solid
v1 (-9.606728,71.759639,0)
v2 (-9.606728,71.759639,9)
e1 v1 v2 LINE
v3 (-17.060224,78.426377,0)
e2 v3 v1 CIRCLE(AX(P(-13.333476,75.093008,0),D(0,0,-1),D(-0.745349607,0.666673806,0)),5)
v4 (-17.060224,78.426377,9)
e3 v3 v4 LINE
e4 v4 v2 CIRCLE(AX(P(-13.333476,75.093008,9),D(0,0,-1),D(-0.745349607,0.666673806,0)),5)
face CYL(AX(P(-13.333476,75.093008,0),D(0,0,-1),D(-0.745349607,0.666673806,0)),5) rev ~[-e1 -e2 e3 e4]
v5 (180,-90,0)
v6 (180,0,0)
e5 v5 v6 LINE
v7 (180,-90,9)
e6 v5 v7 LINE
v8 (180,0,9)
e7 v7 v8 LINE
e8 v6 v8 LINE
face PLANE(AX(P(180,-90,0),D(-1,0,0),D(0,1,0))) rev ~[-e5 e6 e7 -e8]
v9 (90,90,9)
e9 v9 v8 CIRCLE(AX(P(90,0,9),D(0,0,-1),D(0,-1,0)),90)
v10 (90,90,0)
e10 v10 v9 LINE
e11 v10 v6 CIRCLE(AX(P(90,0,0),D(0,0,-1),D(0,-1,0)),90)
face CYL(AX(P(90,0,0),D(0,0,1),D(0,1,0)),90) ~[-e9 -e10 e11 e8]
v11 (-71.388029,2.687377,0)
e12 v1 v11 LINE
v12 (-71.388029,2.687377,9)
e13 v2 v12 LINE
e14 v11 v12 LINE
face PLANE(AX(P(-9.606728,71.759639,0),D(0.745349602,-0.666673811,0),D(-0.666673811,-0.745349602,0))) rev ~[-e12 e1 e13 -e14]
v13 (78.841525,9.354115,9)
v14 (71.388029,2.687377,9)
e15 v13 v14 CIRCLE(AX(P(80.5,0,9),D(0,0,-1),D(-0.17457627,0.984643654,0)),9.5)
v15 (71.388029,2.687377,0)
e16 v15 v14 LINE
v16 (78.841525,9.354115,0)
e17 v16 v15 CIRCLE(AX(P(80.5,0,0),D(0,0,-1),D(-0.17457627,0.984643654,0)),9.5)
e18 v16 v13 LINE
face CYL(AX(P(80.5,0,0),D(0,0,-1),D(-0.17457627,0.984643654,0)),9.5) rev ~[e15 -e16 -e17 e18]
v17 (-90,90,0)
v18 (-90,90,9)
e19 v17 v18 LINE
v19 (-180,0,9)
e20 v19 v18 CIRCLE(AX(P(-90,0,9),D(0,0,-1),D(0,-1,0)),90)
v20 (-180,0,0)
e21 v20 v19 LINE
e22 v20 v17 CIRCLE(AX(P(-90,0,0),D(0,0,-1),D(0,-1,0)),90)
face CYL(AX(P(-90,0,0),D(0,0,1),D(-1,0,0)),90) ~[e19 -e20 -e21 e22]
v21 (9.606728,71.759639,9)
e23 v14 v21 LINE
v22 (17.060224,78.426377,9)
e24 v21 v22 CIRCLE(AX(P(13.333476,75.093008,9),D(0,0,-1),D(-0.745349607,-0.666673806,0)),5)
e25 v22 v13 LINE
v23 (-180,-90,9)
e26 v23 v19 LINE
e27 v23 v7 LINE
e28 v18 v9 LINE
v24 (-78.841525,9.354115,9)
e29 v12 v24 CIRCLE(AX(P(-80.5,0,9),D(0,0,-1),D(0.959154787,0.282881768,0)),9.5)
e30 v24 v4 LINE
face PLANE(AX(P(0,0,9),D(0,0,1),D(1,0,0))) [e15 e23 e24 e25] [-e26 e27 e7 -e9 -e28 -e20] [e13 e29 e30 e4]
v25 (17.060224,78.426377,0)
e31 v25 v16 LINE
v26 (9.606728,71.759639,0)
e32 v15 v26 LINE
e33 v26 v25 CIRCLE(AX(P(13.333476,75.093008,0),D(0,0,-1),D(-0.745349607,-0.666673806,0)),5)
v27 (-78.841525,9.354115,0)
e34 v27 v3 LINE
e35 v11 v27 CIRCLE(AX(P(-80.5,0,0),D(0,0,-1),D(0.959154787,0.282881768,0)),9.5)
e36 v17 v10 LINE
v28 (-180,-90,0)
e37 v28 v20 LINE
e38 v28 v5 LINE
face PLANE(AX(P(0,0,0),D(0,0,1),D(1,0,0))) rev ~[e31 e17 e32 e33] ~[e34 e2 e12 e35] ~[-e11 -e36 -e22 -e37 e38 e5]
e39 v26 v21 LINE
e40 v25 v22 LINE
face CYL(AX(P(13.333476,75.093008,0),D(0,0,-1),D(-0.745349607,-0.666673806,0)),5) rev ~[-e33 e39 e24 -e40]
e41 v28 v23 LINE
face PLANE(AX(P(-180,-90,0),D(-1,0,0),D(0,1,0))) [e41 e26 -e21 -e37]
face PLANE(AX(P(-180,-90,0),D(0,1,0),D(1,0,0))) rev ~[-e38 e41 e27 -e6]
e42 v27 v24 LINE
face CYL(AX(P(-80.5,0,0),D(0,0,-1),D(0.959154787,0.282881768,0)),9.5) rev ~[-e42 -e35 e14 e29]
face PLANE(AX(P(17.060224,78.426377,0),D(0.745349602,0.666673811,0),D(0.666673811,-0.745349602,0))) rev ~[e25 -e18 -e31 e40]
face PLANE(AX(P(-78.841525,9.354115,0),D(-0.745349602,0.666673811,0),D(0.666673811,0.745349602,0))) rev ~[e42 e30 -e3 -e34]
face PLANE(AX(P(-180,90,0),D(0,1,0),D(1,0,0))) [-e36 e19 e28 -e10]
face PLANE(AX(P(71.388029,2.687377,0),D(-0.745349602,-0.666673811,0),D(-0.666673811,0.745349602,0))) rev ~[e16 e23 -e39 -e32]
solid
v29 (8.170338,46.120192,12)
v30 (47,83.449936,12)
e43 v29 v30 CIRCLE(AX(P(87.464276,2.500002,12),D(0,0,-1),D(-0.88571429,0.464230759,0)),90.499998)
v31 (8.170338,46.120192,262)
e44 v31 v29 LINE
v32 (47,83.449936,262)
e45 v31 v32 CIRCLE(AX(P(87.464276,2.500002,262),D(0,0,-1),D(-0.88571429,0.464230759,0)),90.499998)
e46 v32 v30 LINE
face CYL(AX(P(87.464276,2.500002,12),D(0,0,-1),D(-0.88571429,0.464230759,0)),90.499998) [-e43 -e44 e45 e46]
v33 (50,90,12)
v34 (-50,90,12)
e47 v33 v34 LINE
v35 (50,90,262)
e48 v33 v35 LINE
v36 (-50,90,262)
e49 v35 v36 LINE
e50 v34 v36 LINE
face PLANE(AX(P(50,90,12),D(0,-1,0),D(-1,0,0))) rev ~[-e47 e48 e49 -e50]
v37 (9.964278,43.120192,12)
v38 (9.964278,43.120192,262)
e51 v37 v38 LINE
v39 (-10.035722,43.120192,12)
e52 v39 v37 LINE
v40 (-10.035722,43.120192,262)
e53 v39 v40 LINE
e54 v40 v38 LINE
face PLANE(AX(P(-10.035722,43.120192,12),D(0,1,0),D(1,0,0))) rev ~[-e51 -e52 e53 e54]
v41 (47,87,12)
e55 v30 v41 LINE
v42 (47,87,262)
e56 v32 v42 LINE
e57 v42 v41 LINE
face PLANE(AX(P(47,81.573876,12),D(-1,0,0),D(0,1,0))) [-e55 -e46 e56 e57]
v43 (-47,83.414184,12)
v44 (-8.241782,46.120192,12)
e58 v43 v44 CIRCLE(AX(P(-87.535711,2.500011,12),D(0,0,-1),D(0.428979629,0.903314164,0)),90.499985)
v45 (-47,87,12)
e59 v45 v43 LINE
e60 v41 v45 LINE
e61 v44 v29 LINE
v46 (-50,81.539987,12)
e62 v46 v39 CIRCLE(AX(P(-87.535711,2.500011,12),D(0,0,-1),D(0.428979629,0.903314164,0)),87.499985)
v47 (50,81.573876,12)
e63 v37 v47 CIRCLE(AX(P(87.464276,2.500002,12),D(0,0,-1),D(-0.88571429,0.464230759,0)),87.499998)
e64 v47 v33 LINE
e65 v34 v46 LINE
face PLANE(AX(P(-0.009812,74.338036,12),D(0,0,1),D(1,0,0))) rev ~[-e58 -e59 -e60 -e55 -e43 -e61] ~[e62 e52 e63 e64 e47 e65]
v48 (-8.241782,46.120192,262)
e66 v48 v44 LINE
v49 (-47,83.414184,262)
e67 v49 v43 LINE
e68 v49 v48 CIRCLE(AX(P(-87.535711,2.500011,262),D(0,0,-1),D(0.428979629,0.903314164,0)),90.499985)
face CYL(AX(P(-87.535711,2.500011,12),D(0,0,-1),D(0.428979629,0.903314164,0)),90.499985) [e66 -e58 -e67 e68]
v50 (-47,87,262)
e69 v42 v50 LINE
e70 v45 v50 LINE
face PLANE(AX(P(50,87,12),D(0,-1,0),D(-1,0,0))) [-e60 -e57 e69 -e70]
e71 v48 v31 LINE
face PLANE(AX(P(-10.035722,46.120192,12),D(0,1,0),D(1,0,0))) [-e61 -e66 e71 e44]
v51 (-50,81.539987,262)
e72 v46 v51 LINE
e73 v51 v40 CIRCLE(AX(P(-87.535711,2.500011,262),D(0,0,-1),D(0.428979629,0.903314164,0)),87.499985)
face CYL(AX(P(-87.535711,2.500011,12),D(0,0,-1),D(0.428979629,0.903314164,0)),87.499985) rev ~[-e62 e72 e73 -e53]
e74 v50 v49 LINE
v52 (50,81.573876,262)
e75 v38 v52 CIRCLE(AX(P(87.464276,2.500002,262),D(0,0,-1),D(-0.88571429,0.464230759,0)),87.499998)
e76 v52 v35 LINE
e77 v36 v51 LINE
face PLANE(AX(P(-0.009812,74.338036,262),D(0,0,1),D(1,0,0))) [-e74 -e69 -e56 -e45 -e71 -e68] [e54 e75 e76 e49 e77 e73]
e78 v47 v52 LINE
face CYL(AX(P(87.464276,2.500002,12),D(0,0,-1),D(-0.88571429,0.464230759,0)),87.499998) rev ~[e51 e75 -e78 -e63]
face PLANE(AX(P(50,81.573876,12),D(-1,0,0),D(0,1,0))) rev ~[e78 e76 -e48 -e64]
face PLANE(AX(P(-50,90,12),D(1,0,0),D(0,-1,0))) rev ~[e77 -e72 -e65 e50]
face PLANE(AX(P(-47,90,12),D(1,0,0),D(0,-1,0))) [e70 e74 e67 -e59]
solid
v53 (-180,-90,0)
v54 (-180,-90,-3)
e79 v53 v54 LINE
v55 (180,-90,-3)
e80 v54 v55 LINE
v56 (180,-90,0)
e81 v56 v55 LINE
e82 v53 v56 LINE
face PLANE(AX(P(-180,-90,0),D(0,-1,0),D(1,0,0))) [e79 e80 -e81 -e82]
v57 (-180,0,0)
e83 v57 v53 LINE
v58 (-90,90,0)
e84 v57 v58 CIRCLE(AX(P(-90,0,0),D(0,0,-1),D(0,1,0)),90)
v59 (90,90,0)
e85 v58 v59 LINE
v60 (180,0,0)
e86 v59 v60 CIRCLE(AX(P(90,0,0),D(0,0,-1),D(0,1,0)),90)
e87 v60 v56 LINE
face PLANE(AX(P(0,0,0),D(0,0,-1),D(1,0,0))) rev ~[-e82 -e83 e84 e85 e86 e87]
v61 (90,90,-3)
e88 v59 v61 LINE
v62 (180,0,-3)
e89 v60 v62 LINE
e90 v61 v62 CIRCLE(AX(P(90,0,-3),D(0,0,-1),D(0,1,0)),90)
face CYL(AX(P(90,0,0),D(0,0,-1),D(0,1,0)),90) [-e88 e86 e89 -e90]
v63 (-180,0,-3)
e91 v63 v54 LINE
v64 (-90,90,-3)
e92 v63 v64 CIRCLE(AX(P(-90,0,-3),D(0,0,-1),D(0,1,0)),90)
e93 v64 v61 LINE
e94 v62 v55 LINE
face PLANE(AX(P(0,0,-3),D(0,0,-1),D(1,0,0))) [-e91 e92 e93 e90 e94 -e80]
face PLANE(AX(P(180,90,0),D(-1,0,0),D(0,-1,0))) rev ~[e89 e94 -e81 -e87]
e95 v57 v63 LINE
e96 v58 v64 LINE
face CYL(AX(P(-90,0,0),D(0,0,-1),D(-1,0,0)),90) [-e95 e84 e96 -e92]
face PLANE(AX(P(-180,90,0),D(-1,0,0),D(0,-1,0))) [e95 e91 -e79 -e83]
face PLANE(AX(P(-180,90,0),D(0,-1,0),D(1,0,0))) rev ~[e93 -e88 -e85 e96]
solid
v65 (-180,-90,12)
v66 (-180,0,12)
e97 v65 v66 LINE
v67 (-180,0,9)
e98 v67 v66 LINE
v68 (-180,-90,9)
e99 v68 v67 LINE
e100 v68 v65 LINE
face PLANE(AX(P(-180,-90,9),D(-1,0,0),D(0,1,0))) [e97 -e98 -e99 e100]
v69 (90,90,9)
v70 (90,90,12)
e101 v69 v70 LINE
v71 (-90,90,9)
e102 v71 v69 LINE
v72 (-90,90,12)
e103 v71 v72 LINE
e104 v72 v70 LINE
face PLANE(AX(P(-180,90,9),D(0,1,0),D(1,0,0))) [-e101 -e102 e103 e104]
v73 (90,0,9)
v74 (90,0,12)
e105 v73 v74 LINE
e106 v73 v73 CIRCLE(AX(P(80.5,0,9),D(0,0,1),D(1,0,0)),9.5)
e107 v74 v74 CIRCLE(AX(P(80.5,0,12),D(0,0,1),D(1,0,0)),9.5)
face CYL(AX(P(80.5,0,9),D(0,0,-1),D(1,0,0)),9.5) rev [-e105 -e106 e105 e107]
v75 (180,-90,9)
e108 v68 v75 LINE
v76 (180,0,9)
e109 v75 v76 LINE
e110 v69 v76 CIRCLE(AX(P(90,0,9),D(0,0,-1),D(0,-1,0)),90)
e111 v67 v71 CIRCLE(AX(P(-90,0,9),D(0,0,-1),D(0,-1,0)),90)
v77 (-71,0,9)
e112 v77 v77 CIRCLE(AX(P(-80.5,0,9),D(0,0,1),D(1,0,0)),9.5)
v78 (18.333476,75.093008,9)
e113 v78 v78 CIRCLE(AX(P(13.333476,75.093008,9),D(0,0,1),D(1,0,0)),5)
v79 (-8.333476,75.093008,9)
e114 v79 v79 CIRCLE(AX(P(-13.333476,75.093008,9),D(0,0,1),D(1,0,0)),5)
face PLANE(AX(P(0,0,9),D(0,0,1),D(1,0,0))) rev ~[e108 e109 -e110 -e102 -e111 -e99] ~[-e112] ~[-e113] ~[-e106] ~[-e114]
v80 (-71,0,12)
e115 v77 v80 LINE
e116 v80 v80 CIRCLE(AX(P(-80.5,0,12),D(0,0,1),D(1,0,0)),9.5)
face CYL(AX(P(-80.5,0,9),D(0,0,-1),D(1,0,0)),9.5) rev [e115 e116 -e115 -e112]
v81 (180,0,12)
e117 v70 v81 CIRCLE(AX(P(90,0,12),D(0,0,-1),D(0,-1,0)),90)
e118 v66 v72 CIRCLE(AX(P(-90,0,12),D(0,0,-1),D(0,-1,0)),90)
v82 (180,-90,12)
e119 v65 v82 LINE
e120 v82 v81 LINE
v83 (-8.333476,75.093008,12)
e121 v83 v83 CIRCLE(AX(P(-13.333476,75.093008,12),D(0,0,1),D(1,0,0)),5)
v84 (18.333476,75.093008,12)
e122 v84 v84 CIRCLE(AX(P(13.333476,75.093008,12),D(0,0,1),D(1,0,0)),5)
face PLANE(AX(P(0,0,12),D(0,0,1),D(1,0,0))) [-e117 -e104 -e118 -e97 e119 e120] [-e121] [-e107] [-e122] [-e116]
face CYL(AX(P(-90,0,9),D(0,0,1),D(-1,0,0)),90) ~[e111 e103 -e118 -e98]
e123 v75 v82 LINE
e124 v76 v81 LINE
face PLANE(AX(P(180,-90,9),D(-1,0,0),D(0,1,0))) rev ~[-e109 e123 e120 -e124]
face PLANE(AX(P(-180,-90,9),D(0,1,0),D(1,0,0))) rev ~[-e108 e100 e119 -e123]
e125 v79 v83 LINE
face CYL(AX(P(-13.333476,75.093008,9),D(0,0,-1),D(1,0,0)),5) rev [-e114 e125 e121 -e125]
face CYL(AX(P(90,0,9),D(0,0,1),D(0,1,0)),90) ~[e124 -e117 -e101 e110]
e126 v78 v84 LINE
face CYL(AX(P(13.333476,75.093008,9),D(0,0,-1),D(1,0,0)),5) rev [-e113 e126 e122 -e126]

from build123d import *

# Parameters (mm, degrees)
F0_W     = 360
F0_H     = 180
F1_DEPTH = 9
F2_W     = 360
F2_H     = 180
F2_R     = 9.5
F2_R_2   = 5
F3_DEPTH = 3
F4_W     = 360
F4_H     = 180
F5_DEPTH = 3
F7_DEPTH = 250
F8_R     = 90
F8_2_R   = 90
F8_3_R   = 90
F9_T     = -3


with BuildPart() as f1:
    # F0 (on Top) → F1 (new body)
    with BuildSketch(Plane.XY):
        Rectangle(F0_W, F0_H)
        with BuildLine():
            ThreePointArc((-71.388029, 2.687377), (-86.833401, -7.080821), (-78.841525, 9.354115))
            Line((-78.841525, 9.354115), (-17.060224, 78.426377))
            ThreePointArc((-17.060224, 78.426377), (-10.000107, 78.819756), (-9.606728, 71.759639))
            Line((-9.606728, 71.759639), (-71.388029, 2.687377))
        make_face(mode=Mode.SUBTRACT)
        with BuildLine():
            Line((71.388029, 2.687377), (9.606728, 71.759639))
            ThreePointArc((9.606728, 71.759639), (10.000107, 78.819756), (17.060224, 78.426377))
            Line((17.060224, 78.426377), (78.841525, 9.354115))
            ThreePointArc((78.841525, 9.354115), (86.833401, -7.080821), (71.388029, 2.687377))
        make_face(mode=Mode.SUBTRACT)
    extrude(amount=F1_DEPTH)

    # F8
    f8_edges = [f1.edges().sort_by_distance(p)[0] for p in [
        (-180, 90, 4.5),
        (180, 90, 4.5),
    ]]
    fillet(f8_edges, radius=F8_R)


with BuildPart() as f3:
    # F2 (on face) → F3 (new body)
    with BuildSketch(Plane.XY.offset(9)):
        Rectangle(F2_W, F2_H)
        with Locations((-80.5, 0)):
            Circle(F2_R, mode=Mode.SUBTRACT)
        with Locations((-13.333476, 75.093008)):
            Circle(F2_R_2, mode=Mode.SUBTRACT)
        with Locations((80.5, 0)):
            Circle(F2_R, mode=Mode.SUBTRACT)
        with Locations((13.333476, 75.093008)):
            Circle(F2_R_2, mode=Mode.SUBTRACT)
    extrude(amount=F3_DEPTH)

    # F8#2
    f8_2_edges = [f3.edges().sort_by_distance(p)[0] for p in [
        (180, 90, 10.5),
        (-180, 90, 10.5),
    ]]
    fillet(f8_2_edges, radius=F8_2_R)


with BuildPart() as f5:
    # F4 (on face) → F5 (new body)
    with BuildSketch(Plane(origin=(0, 0, 0), x_dir=(1, 0, 0), z_dir=(0, 0, -1))):
        Rectangle(F4_W, F4_H)
    extrude(amount=F5_DEPTH)

    # F8#3
    f8_3_edges = [f5.edges().sort_by_distance(p)[0] for p in [
        (180, 90, -1.5),
        (-180, 90, -1.5),
    ]]
    fillet(f8_3_edges, radius=F8_3_R)


with BuildPart() as f7:
    # F6 (on face) → F7 (new body)
    with BuildSketch(Plane.XY.offset(12)):
        with BuildLine():
            Line((50, 90), (-50, 90))
            Line((-50, 90), (-50, 81.539987))
            ThreePointArc((-50, 81.539987), (-26.894774, 65.578725), (-10.035722, 43.120192))
            Line((-10.035722, 43.120192), (9.964278, 43.120192))
            ThreePointArc((9.964278, 43.120192), (26.851839, 65.606119), (50, 81.573876))
            Line((50, 81.573876), (50, 90))
        make_face()
    extrude(amount=F7_DEPTH)

    # F9
    f9_openings = [f7.faces().sort_by_distance(p)[0] for p in [
        (-0.025007, 72.712373, 262),
        (-0.025007, 72.712373, 12),
    ]]
    offset(amount=F9_T, openings=f9_openings)


solid = Compound([f1.part, f3.part, f5.part, f7.part])
